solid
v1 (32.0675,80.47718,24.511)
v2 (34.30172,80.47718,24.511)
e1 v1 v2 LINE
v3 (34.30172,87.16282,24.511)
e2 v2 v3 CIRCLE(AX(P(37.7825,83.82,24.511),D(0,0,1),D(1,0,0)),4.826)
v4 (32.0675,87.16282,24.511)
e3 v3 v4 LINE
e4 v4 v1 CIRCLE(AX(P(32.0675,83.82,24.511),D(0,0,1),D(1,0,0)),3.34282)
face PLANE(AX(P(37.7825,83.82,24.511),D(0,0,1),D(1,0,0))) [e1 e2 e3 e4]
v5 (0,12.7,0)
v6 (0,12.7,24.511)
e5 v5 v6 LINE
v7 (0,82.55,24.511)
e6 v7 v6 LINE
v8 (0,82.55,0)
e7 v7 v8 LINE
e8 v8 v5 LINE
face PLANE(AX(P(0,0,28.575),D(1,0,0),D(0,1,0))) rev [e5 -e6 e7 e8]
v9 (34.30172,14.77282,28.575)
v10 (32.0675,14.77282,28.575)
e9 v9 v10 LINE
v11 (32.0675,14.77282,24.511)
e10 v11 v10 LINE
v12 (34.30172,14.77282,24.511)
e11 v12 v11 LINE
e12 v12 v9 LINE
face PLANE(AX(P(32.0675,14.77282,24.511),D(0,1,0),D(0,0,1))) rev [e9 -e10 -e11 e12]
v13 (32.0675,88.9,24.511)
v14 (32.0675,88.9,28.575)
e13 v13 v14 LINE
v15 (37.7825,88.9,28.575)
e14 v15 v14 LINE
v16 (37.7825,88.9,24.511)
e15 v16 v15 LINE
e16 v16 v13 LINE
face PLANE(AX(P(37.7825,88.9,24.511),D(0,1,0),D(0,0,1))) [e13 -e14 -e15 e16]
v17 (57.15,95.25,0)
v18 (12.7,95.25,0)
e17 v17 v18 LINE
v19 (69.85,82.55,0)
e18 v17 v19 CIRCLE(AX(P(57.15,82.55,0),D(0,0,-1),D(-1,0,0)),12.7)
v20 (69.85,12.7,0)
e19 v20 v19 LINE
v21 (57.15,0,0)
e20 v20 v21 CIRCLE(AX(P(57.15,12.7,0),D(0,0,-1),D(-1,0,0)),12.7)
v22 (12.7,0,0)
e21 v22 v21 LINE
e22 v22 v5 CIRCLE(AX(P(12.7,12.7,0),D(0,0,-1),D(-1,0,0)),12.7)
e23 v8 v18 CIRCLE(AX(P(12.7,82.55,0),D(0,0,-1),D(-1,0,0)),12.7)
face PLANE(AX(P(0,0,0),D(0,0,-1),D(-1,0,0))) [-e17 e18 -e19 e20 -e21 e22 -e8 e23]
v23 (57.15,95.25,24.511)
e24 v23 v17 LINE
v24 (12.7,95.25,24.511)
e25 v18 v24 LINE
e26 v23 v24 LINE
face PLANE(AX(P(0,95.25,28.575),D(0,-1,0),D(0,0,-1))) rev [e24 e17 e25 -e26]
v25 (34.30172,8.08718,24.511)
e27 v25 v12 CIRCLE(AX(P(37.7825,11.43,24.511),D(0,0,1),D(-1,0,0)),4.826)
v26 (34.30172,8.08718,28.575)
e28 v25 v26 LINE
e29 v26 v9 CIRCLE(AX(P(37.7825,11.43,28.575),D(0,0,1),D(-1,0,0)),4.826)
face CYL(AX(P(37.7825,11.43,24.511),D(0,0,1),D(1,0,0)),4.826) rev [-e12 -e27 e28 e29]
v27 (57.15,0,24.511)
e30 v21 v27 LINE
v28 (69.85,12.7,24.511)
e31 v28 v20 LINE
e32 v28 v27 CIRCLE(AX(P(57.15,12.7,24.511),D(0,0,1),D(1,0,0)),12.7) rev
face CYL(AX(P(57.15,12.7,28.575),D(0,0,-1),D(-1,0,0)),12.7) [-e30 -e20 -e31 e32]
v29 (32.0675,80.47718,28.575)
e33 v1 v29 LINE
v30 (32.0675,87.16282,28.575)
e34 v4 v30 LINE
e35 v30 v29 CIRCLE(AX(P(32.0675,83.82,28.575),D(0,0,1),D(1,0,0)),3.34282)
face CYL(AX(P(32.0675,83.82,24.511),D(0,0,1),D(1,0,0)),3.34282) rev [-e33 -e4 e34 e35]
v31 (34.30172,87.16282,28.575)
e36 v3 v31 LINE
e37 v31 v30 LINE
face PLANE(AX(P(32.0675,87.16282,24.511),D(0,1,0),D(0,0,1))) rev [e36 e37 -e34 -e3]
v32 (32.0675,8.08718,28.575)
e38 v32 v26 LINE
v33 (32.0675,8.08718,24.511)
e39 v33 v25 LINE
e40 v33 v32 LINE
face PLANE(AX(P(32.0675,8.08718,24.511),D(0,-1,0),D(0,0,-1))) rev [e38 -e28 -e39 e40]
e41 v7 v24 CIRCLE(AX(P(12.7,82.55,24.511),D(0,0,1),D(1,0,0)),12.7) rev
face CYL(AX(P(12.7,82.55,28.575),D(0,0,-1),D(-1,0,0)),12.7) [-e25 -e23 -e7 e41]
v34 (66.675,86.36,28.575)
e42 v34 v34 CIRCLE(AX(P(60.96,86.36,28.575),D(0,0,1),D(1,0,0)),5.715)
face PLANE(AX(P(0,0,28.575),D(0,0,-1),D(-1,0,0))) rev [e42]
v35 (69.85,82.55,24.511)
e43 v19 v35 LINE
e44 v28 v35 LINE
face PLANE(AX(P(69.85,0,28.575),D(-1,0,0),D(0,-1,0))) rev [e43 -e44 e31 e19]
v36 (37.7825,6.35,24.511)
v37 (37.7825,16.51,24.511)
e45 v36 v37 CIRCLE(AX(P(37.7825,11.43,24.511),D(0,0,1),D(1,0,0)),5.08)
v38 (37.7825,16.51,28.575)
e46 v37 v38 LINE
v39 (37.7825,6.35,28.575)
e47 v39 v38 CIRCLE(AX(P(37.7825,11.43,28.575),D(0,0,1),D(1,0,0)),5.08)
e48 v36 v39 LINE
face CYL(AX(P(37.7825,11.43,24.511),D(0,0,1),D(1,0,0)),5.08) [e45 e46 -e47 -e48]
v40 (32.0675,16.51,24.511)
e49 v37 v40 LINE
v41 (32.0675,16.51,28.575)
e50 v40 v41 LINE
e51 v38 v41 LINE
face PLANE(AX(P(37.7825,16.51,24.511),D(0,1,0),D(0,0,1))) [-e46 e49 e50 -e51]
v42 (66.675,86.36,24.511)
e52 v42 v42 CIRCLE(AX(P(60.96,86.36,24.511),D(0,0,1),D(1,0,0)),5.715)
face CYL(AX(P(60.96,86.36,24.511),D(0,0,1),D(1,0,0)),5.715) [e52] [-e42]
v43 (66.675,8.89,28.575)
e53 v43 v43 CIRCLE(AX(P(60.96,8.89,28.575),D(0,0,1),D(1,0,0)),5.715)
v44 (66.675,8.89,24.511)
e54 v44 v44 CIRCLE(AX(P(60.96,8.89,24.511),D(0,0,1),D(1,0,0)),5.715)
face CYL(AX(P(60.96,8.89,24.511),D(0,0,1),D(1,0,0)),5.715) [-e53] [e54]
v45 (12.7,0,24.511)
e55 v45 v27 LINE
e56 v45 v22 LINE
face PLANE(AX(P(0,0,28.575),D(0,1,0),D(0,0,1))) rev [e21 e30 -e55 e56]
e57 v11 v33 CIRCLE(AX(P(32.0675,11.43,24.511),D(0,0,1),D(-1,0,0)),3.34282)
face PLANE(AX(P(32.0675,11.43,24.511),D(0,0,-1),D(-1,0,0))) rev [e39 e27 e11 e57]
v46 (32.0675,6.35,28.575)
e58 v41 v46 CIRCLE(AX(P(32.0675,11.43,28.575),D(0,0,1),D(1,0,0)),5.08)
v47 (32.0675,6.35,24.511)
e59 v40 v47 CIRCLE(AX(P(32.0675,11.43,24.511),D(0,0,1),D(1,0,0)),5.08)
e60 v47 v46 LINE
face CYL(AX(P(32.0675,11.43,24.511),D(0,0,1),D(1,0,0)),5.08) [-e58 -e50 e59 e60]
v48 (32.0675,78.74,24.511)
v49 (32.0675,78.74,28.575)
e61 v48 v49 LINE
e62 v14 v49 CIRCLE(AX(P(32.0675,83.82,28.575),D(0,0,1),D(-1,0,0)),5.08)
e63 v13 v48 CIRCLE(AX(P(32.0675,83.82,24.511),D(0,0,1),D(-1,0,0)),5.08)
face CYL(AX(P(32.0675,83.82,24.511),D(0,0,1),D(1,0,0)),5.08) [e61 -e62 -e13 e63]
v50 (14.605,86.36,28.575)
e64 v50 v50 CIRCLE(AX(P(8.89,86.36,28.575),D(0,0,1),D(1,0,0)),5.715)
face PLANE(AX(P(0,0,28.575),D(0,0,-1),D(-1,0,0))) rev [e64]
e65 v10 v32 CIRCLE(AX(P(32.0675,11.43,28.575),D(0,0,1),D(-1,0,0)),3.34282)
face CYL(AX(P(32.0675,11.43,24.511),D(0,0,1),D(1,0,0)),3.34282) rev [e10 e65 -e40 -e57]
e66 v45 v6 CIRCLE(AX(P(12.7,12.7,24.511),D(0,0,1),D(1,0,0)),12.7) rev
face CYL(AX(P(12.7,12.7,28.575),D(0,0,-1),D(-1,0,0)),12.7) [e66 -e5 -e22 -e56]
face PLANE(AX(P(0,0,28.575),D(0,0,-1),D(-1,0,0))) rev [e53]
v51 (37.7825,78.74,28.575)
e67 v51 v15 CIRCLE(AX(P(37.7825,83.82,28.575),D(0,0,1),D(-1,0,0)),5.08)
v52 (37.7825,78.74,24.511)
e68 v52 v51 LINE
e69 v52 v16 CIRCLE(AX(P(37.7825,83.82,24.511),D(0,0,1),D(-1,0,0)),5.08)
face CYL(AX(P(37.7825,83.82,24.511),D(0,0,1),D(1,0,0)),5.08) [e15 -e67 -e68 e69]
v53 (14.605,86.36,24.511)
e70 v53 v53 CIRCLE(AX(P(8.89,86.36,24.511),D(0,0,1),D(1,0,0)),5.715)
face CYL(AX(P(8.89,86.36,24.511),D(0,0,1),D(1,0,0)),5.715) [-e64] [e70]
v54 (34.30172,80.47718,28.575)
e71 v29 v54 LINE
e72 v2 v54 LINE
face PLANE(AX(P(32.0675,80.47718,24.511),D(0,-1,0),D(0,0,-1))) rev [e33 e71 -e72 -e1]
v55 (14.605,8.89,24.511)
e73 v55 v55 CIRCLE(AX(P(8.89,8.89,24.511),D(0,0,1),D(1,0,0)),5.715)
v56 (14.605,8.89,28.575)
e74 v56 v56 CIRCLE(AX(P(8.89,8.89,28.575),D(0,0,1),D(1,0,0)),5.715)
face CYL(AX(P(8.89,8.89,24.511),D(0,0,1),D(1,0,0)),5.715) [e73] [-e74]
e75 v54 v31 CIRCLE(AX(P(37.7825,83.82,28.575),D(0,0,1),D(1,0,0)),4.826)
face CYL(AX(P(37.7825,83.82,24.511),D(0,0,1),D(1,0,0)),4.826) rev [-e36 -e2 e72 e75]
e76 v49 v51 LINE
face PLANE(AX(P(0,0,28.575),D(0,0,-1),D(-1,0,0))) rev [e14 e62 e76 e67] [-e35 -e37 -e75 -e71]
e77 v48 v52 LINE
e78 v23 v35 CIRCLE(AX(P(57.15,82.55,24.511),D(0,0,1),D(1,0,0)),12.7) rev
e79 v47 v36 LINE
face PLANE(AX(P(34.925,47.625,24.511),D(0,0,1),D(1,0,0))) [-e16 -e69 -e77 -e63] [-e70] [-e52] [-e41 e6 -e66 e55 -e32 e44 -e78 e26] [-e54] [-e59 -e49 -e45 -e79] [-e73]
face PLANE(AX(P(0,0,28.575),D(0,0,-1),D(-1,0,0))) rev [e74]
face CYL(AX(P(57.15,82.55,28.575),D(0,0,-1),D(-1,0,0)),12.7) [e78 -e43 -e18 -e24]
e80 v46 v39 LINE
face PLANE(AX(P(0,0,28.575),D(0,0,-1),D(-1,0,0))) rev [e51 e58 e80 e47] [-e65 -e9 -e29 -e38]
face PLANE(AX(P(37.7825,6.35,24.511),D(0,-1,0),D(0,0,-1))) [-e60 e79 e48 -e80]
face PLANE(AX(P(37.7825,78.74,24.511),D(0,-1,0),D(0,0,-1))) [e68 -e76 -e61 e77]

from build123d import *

# Parameters (mm, degrees)
SKETCH1_W           = 69.85
SKETCH1_H           = 95.25
BOSS_EXTRUDE1_DEPTH = 28.575
FILLET1_R           = 12.7
SKETCH2_OUTSIDE_W   = 96.154
SKETCH2_OUTSIDE_H   = 121.554
SKETCH2_OUTSIDE_R   = 5.715
CUT_EXTRUDE1_DEPTH  = 4.064


with BuildPart() as part:
    # Sketch1 → Boss-Extrude1 (new body)
    with BuildSketch(Plane.XY):
        with Locations((34.925, 47.625)):
            Rectangle(SKETCH1_W, SKETCH1_H)
    extrude(amount=BOSS_EXTRUDE1_DEPTH)

    # Fillet1
    fillet1_edges = [part.edges().sort_by_distance(p)[0] for p in [
        (0, 95.25, 14.2875),
        (69.85, 95.25, 14.2875),
        (69.85, 0, 14.2875),
        (0, 0, 14.2875),
    ]]
    fillet(fillet1_edges, radius=FILLET1_R)

    # Sketch2 outside → Cut-Extrude1 (cut)
    # profile 1 of 3: a face of its own
    with BuildSketch(Plane.XY.offset(28.575)):
        with Locations((34.925, 47.625)):
            Rectangle(SKETCH2_OUTSIDE_W, SKETCH2_OUTSIDE_H)
        with Locations((60.96, 8.89)):
            Circle(SKETCH2_OUTSIDE_R, mode=Mode.SUBTRACT)
        with Locations((8.89, 8.89)):
            Circle(SKETCH2_OUTSIDE_R, mode=Mode.SUBTRACT)
        with Locations((8.89, 86.36)):
            Circle(SKETCH2_OUTSIDE_R, mode=Mode.SUBTRACT)
        with Locations((60.96, 86.36)):
            Circle(SKETCH2_OUTSIDE_R, mode=Mode.SUBTRACT)
        with BuildLine():
            Line((37.7825, 6.35), (32.0675, 6.35))
            ThreePointArc((32.0675, 6.35), (26.9875, 11.43), (32.0675, 16.51))
            Line((32.0675, 16.51), (37.7825, 16.51))
            ThreePointArc((37.7825, 16.51), (42.8625, 11.43), (37.7825, 6.35))
        make_face(mode=Mode.SUBTRACT)
        with BuildLine():
            Line((37.7825, 78.74), (32.0675, 78.74))
            ThreePointArc((32.0675, 78.74), (26.9875, 83.82), (32.0675, 88.9))
            Line((32.0675, 88.9), (37.7825, 88.9))
            ThreePointArc((37.7825, 88.9), (42.8625, 83.82), (37.7825, 78.74))
        make_face(mode=Mode.SUBTRACT)
    # profile 2 of 3: a face of its own
    with BuildSketch(Plane.XY.offset(28.575)):
        with BuildLine():
            Line((32.0675, 14.77282006), (34.301719909, 14.77282006))
            ThreePointArc((34.301719909, 14.77282006), (42.6085, 11.43), (34.301719909, 8.08717994))
            Line((34.301719909, 8.08717994), (32.0675, 8.08717994))
            ThreePointArc((32.0675, 8.08717994), (28.72467994, 11.43), (32.0675, 14.77282006))
        make_face()
    # profile 3 of 3: a face of its own
    with BuildSketch(Plane.XY.offset(28.575)):
        with BuildLine():
            Line((32.0675, 80.47717994), (34.301719909, 80.47717994))
            ThreePointArc((34.301719909, 80.47717994), (42.6085, 83.82), (34.301719909, 87.16282006))
            Line((34.301719909, 87.16282006), (32.0675, 87.16282006))
            ThreePointArc((32.0675, 87.16282006), (28.72467994, 83.82), (32.0675, 80.47717994))
        make_face()
    extrude(amount=-CUT_EXTRUDE1_DEPTH, mode=Mode.SUBTRACT)


solid = part.part
